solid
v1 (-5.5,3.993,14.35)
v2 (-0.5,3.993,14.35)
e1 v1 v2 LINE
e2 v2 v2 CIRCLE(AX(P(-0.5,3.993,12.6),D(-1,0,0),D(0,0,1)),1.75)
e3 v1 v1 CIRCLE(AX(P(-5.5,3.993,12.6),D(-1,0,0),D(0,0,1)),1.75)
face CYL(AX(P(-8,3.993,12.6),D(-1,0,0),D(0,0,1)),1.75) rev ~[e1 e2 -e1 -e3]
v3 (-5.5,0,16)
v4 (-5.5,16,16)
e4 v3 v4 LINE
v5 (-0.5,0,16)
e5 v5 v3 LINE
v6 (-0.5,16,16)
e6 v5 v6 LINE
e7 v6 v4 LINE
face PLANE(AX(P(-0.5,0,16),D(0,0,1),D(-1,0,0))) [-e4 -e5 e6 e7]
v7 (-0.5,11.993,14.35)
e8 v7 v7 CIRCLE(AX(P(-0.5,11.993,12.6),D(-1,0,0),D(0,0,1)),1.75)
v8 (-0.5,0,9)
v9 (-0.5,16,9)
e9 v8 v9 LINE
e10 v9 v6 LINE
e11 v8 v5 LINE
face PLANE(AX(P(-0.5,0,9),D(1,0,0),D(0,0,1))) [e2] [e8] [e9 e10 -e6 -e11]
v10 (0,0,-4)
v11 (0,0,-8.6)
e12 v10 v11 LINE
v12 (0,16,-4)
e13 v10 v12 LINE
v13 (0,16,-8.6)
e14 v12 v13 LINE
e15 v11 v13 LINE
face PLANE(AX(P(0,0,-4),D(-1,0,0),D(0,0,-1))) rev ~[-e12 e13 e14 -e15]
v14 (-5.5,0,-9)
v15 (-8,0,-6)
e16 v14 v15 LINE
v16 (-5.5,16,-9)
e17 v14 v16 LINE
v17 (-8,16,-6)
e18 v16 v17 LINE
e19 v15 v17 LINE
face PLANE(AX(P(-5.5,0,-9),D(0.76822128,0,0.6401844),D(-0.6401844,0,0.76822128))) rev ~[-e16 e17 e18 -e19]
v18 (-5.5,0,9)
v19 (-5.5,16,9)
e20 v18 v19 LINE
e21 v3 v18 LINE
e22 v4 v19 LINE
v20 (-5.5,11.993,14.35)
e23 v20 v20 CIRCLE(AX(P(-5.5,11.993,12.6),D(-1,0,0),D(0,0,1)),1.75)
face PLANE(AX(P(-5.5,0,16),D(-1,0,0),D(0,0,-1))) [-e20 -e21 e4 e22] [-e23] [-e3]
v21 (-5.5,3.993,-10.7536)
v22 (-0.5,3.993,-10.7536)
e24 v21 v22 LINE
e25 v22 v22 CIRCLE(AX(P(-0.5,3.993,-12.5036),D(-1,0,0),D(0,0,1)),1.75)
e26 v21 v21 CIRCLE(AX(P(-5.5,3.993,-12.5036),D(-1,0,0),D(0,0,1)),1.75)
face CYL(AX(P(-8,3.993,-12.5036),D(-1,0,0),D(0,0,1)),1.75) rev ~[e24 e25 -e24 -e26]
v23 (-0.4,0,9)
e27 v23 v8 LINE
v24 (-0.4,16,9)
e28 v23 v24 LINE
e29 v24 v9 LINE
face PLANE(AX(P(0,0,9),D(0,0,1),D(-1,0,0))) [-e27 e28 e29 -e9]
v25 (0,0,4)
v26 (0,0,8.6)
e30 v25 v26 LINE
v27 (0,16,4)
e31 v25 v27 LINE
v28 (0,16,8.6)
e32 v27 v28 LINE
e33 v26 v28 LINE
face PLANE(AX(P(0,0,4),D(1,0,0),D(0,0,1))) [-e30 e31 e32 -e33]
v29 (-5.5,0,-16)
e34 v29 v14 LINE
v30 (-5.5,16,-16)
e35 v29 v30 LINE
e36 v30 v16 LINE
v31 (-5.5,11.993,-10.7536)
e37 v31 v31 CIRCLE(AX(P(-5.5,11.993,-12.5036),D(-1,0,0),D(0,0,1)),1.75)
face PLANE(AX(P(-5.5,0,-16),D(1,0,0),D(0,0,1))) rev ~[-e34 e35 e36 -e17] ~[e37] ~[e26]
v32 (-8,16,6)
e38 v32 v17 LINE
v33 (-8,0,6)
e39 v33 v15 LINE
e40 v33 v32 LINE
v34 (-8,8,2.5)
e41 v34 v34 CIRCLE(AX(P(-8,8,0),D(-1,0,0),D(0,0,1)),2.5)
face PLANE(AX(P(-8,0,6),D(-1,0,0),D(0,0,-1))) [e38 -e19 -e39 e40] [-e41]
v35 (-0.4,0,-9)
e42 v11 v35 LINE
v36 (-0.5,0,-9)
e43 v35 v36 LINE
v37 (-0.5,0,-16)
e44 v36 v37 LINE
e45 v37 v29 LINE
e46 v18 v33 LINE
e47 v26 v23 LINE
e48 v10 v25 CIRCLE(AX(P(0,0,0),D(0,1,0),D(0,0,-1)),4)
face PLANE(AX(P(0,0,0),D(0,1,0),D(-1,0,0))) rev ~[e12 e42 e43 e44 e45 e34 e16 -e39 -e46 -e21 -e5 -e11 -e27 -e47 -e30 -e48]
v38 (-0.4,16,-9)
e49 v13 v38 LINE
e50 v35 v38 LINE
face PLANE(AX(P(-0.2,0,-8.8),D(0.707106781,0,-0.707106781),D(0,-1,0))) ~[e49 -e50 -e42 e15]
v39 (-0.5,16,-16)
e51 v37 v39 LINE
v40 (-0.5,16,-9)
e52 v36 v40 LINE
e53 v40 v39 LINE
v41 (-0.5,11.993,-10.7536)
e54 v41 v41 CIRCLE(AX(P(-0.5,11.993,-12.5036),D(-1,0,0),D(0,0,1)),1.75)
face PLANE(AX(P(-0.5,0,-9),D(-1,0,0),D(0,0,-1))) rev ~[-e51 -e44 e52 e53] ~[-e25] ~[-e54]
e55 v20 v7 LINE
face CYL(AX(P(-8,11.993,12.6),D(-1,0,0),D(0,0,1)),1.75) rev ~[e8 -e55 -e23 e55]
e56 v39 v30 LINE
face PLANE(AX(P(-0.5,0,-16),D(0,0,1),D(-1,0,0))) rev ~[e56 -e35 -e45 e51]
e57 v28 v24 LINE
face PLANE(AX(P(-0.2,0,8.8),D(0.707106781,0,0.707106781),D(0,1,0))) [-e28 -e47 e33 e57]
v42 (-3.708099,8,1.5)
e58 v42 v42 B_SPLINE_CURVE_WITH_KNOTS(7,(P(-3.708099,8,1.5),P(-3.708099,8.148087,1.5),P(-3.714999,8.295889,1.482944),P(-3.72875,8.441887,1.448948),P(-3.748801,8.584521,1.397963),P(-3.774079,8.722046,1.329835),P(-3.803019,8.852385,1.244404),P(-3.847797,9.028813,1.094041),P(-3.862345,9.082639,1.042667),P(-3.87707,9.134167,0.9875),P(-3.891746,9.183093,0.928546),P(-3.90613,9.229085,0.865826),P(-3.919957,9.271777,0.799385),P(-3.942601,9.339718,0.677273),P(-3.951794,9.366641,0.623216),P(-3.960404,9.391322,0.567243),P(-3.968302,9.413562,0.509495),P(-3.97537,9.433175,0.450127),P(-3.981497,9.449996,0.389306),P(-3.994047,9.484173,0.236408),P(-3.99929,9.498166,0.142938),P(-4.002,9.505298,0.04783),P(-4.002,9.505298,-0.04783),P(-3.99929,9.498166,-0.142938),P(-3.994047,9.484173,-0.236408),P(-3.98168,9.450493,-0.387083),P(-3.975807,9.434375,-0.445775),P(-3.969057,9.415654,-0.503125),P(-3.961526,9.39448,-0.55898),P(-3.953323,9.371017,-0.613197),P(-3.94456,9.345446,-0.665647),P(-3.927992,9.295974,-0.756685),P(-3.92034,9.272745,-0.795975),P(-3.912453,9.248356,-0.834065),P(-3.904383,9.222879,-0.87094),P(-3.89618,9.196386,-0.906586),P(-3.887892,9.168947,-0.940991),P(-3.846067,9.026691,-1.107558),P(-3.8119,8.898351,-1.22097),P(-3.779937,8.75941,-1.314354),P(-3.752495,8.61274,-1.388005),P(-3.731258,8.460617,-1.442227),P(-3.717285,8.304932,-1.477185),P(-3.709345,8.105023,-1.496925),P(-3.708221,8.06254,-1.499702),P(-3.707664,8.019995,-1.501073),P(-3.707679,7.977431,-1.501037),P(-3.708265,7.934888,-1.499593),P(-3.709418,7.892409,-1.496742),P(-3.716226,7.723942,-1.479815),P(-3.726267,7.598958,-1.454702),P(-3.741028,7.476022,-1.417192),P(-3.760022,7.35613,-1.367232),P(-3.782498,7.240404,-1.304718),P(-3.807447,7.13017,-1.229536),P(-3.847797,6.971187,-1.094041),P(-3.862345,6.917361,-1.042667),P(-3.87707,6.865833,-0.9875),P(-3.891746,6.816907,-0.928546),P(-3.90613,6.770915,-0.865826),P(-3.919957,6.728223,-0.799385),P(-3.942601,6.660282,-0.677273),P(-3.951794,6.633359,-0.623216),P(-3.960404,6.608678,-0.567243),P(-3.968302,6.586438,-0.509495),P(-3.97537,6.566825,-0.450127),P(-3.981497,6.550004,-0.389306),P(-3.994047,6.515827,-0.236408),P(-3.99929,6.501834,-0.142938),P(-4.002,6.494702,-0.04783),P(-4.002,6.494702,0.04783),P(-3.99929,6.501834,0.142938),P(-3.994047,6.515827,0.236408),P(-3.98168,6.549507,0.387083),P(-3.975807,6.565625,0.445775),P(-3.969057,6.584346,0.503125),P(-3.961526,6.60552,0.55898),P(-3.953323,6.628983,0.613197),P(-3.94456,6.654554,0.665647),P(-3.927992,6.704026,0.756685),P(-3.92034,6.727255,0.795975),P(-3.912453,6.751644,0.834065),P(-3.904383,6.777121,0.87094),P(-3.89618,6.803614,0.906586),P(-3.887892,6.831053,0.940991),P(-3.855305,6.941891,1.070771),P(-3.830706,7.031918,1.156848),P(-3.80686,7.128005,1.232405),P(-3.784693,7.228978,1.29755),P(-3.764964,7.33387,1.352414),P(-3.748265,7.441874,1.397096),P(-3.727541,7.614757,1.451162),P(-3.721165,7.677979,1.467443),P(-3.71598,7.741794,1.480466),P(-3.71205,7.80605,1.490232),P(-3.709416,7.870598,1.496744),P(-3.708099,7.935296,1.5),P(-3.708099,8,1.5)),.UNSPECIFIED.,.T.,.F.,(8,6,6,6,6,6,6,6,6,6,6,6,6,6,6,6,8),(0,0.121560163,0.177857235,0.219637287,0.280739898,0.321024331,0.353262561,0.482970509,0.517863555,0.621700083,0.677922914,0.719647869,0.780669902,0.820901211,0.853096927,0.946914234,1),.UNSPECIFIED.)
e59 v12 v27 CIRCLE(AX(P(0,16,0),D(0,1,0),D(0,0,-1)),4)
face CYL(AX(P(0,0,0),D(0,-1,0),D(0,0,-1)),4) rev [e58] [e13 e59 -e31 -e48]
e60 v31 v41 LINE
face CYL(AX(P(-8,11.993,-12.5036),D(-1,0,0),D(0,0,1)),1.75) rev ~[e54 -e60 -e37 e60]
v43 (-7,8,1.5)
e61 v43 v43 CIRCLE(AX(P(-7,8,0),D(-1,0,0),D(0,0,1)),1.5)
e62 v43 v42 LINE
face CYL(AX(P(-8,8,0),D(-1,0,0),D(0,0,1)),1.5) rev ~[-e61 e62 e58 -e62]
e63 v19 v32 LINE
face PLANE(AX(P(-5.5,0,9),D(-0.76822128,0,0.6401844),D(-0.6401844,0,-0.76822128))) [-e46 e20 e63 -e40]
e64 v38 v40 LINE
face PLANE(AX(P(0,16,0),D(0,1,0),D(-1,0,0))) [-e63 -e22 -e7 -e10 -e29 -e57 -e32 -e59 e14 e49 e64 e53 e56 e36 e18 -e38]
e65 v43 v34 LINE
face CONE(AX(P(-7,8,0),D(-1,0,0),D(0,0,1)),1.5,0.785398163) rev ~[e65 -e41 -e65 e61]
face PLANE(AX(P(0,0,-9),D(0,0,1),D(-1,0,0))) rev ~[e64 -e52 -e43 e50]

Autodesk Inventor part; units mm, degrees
ref_plane "YZ Plane" through (0, 0, 0) normal (1, 0, 0) x (0, 1, 0)
ref_plane "XZ Plane" through (0, 0, 0) normal (0, 1, 0) x (-1, 0, 0)
ref_plane "XY Plane" through (0, 0, 0) normal (0, 0, 1) x (1, 0, 0)
sketch "Sketch1" plane through (0, 0, 0) normal (0, 1, 0) x (-1, 0, 0)
  arc A0 (0, -4) -> (0, 4) centre (0, 0) ccw
  line L0 (0, 4) -> (0, -4) construction
  line L1 (0, 4) -> (0, 9)
  line L2 (0, -4) -> (0, -9)
  line L3 (0, 9) -> (0.5, 9)
  line L4 (0.5, 9) -> (0.5, 16)
  line L5 (0, -9) -> (0.5, -9)
  line L6 (0.5, -9) -> (0.5, -16)
  line L7 (0.5, 16) -> (5.5, 16)
  line L8 (0.5, -16) -> (5.5, -16)
  line L9 (5.5, 16) -> (5.5, 9)
  line L10 (5.5, -16) -> (5.5, -9)
  line L11 (8, 0) -> (8, -6) construction
  line L12 (8, 0) -> (8, 6) construction
  line L13 (8, 6) -> (8, -6)
  line L14 (5.5, 9) -> (8, 6)
  line L15 (5.5, -9) -> (8, -6)
  dimension "d0" = 8
  dimension "d1" = 8
  dimension "d2" = 5
  dimension "d3" = 5
  dimension "d4" = 0.5
  dimension "d5" = 7
  dimension "d6" = 7
  dimension "d8" = 5
  dimension "d9" = 5
  dimension "d10" = 0
  dimension "d11" = 7
  dimension "d12" = 7
  dimension "d13" = 6
  dimension "d14" = 6
  dimension "d15" = 8
  dimension "d17" = 140.194
extrude "Extrusion1" add sketch "Sketch1" along normal blind 16
sketch "Sketch2" plane through (-8, 0, -6) normal (-1, 0, 0) x (0, 0, 1)
  line L0 (15, 0) -> (22, 0) projected
  line L1 (22, 0) -> (22, 16) projected
  line L2 (15, 16) -> (22, 16) projected
  line L3 (15, 0) -> (15, 16) projected
  line L4 (0, 0) -> (12, 0) projected
  line L5 (12, 0) -> (12, 16) projected
  line L6 (0, 16) -> (12, 16) projected
  line L7 (0, 0) -> (0, 16) projected
  line L8 (-10, 0) -> (-3, 0) projected
  line L9 (-3, 0) -> (-3, 16) projected
  line L10 (-10, 16) -> (-3, 16) projected
  line L11 (-10, 0) -> (-10, 16) projected
  circle A0 centre (6, 8) radius 1.5
  line L12 (4, 16) -> (12, 16)
  line L13 (8, 16) -> (20.5, 16)
  line L14 (0, 16) -> (16, 16)
  line L15 (8, 16) -> (-4.5, 16)
  line L16 (-1.3536, 16) -> (-7.8536, 16)
  line L17 (6.1, 7.993) -> (18.6, 7.993) construction
  line L18 (16.8536, 0) -> (16.8536, 16) construction
  line L19 (18.6, 7.993) -> (18.6, 3.993) construction
  line L20 (18.6, 3.993) -> (18.6, 11.993) construction
  line L21 (6.1, 7.993) -> (-6.5036, 7.993) construction
  line L22 (-6.5036, 7.993) -> (-6.5036, 3.993) construction
  line L23 (-6.5036, 3.993) -> (-6.5036, 11.993) construction
  circle A1 centre (18.6, 3.993) radius 1.75
  circle A2 centre (18.6, 11.993) radius 1.75
  circle A3 centre (-6.5036, 3.993) radius 1.75
  circle A4 centre (-6.5036, 11.993) radius 1.75
  point P0 (6, 0)
  point P1 (8, 0)
  dimension "d22" = 3
  dimension "d38" = 12.5
  dimension "d39" = 12.5
  dimension "d40" = 4
  dimension "d41" = 8
  dimension "d42" = 3.5
  dimension "d43" = 3.5
  dimension "d44" = 3.5
  dimension "d45" = 3.5
  dimension "d46" = 3.6
  dimension "d47" = 90
  dimension "d48" = 90
  dimension "d49" = 90
  dimension "d50" = 90
  dimension "d51" = 5.1464
  dimension "d52" = 28.5036
  dimension "d53" = 8.007
  dimension "d54" = 0
  dimension "d55" = 0
  dimension "d56" = 1.5
  dimension "d57" = 0
  dimension "d58" = 16
  dimension "d59" = 6
  dimension "d60" = 10
  dimension "d61" = 14
  dimension "d62" = 16
  dimension "d63" = 15.9
  dimension "d64" = 16
  dimension "d65" = 8
  dimension "d66" = 22
  dimension "d67" = 23.3535
  dimension "d68" = 4.007
  dimension "d69" = 12.007
  dimension "d70" = 29.8535
extrude "Extrusion3" cut sketch "Sketch2" against normal through all contours A0
chamfer "Chamfer1" distance 1 angle 45 1 edges at (-8, 8, -1.5)
chamfer "Chamfer2" distance 0.4 angle 45 2 edges at (0, 8, 9) (0, 8, -9)
extrude "Extrusion5" cut sketch "Sketch2" against normal blind 15 contours A1 | A2 | A3 | A4
properties part number "reverse gear  upper base bearing holder 1"
